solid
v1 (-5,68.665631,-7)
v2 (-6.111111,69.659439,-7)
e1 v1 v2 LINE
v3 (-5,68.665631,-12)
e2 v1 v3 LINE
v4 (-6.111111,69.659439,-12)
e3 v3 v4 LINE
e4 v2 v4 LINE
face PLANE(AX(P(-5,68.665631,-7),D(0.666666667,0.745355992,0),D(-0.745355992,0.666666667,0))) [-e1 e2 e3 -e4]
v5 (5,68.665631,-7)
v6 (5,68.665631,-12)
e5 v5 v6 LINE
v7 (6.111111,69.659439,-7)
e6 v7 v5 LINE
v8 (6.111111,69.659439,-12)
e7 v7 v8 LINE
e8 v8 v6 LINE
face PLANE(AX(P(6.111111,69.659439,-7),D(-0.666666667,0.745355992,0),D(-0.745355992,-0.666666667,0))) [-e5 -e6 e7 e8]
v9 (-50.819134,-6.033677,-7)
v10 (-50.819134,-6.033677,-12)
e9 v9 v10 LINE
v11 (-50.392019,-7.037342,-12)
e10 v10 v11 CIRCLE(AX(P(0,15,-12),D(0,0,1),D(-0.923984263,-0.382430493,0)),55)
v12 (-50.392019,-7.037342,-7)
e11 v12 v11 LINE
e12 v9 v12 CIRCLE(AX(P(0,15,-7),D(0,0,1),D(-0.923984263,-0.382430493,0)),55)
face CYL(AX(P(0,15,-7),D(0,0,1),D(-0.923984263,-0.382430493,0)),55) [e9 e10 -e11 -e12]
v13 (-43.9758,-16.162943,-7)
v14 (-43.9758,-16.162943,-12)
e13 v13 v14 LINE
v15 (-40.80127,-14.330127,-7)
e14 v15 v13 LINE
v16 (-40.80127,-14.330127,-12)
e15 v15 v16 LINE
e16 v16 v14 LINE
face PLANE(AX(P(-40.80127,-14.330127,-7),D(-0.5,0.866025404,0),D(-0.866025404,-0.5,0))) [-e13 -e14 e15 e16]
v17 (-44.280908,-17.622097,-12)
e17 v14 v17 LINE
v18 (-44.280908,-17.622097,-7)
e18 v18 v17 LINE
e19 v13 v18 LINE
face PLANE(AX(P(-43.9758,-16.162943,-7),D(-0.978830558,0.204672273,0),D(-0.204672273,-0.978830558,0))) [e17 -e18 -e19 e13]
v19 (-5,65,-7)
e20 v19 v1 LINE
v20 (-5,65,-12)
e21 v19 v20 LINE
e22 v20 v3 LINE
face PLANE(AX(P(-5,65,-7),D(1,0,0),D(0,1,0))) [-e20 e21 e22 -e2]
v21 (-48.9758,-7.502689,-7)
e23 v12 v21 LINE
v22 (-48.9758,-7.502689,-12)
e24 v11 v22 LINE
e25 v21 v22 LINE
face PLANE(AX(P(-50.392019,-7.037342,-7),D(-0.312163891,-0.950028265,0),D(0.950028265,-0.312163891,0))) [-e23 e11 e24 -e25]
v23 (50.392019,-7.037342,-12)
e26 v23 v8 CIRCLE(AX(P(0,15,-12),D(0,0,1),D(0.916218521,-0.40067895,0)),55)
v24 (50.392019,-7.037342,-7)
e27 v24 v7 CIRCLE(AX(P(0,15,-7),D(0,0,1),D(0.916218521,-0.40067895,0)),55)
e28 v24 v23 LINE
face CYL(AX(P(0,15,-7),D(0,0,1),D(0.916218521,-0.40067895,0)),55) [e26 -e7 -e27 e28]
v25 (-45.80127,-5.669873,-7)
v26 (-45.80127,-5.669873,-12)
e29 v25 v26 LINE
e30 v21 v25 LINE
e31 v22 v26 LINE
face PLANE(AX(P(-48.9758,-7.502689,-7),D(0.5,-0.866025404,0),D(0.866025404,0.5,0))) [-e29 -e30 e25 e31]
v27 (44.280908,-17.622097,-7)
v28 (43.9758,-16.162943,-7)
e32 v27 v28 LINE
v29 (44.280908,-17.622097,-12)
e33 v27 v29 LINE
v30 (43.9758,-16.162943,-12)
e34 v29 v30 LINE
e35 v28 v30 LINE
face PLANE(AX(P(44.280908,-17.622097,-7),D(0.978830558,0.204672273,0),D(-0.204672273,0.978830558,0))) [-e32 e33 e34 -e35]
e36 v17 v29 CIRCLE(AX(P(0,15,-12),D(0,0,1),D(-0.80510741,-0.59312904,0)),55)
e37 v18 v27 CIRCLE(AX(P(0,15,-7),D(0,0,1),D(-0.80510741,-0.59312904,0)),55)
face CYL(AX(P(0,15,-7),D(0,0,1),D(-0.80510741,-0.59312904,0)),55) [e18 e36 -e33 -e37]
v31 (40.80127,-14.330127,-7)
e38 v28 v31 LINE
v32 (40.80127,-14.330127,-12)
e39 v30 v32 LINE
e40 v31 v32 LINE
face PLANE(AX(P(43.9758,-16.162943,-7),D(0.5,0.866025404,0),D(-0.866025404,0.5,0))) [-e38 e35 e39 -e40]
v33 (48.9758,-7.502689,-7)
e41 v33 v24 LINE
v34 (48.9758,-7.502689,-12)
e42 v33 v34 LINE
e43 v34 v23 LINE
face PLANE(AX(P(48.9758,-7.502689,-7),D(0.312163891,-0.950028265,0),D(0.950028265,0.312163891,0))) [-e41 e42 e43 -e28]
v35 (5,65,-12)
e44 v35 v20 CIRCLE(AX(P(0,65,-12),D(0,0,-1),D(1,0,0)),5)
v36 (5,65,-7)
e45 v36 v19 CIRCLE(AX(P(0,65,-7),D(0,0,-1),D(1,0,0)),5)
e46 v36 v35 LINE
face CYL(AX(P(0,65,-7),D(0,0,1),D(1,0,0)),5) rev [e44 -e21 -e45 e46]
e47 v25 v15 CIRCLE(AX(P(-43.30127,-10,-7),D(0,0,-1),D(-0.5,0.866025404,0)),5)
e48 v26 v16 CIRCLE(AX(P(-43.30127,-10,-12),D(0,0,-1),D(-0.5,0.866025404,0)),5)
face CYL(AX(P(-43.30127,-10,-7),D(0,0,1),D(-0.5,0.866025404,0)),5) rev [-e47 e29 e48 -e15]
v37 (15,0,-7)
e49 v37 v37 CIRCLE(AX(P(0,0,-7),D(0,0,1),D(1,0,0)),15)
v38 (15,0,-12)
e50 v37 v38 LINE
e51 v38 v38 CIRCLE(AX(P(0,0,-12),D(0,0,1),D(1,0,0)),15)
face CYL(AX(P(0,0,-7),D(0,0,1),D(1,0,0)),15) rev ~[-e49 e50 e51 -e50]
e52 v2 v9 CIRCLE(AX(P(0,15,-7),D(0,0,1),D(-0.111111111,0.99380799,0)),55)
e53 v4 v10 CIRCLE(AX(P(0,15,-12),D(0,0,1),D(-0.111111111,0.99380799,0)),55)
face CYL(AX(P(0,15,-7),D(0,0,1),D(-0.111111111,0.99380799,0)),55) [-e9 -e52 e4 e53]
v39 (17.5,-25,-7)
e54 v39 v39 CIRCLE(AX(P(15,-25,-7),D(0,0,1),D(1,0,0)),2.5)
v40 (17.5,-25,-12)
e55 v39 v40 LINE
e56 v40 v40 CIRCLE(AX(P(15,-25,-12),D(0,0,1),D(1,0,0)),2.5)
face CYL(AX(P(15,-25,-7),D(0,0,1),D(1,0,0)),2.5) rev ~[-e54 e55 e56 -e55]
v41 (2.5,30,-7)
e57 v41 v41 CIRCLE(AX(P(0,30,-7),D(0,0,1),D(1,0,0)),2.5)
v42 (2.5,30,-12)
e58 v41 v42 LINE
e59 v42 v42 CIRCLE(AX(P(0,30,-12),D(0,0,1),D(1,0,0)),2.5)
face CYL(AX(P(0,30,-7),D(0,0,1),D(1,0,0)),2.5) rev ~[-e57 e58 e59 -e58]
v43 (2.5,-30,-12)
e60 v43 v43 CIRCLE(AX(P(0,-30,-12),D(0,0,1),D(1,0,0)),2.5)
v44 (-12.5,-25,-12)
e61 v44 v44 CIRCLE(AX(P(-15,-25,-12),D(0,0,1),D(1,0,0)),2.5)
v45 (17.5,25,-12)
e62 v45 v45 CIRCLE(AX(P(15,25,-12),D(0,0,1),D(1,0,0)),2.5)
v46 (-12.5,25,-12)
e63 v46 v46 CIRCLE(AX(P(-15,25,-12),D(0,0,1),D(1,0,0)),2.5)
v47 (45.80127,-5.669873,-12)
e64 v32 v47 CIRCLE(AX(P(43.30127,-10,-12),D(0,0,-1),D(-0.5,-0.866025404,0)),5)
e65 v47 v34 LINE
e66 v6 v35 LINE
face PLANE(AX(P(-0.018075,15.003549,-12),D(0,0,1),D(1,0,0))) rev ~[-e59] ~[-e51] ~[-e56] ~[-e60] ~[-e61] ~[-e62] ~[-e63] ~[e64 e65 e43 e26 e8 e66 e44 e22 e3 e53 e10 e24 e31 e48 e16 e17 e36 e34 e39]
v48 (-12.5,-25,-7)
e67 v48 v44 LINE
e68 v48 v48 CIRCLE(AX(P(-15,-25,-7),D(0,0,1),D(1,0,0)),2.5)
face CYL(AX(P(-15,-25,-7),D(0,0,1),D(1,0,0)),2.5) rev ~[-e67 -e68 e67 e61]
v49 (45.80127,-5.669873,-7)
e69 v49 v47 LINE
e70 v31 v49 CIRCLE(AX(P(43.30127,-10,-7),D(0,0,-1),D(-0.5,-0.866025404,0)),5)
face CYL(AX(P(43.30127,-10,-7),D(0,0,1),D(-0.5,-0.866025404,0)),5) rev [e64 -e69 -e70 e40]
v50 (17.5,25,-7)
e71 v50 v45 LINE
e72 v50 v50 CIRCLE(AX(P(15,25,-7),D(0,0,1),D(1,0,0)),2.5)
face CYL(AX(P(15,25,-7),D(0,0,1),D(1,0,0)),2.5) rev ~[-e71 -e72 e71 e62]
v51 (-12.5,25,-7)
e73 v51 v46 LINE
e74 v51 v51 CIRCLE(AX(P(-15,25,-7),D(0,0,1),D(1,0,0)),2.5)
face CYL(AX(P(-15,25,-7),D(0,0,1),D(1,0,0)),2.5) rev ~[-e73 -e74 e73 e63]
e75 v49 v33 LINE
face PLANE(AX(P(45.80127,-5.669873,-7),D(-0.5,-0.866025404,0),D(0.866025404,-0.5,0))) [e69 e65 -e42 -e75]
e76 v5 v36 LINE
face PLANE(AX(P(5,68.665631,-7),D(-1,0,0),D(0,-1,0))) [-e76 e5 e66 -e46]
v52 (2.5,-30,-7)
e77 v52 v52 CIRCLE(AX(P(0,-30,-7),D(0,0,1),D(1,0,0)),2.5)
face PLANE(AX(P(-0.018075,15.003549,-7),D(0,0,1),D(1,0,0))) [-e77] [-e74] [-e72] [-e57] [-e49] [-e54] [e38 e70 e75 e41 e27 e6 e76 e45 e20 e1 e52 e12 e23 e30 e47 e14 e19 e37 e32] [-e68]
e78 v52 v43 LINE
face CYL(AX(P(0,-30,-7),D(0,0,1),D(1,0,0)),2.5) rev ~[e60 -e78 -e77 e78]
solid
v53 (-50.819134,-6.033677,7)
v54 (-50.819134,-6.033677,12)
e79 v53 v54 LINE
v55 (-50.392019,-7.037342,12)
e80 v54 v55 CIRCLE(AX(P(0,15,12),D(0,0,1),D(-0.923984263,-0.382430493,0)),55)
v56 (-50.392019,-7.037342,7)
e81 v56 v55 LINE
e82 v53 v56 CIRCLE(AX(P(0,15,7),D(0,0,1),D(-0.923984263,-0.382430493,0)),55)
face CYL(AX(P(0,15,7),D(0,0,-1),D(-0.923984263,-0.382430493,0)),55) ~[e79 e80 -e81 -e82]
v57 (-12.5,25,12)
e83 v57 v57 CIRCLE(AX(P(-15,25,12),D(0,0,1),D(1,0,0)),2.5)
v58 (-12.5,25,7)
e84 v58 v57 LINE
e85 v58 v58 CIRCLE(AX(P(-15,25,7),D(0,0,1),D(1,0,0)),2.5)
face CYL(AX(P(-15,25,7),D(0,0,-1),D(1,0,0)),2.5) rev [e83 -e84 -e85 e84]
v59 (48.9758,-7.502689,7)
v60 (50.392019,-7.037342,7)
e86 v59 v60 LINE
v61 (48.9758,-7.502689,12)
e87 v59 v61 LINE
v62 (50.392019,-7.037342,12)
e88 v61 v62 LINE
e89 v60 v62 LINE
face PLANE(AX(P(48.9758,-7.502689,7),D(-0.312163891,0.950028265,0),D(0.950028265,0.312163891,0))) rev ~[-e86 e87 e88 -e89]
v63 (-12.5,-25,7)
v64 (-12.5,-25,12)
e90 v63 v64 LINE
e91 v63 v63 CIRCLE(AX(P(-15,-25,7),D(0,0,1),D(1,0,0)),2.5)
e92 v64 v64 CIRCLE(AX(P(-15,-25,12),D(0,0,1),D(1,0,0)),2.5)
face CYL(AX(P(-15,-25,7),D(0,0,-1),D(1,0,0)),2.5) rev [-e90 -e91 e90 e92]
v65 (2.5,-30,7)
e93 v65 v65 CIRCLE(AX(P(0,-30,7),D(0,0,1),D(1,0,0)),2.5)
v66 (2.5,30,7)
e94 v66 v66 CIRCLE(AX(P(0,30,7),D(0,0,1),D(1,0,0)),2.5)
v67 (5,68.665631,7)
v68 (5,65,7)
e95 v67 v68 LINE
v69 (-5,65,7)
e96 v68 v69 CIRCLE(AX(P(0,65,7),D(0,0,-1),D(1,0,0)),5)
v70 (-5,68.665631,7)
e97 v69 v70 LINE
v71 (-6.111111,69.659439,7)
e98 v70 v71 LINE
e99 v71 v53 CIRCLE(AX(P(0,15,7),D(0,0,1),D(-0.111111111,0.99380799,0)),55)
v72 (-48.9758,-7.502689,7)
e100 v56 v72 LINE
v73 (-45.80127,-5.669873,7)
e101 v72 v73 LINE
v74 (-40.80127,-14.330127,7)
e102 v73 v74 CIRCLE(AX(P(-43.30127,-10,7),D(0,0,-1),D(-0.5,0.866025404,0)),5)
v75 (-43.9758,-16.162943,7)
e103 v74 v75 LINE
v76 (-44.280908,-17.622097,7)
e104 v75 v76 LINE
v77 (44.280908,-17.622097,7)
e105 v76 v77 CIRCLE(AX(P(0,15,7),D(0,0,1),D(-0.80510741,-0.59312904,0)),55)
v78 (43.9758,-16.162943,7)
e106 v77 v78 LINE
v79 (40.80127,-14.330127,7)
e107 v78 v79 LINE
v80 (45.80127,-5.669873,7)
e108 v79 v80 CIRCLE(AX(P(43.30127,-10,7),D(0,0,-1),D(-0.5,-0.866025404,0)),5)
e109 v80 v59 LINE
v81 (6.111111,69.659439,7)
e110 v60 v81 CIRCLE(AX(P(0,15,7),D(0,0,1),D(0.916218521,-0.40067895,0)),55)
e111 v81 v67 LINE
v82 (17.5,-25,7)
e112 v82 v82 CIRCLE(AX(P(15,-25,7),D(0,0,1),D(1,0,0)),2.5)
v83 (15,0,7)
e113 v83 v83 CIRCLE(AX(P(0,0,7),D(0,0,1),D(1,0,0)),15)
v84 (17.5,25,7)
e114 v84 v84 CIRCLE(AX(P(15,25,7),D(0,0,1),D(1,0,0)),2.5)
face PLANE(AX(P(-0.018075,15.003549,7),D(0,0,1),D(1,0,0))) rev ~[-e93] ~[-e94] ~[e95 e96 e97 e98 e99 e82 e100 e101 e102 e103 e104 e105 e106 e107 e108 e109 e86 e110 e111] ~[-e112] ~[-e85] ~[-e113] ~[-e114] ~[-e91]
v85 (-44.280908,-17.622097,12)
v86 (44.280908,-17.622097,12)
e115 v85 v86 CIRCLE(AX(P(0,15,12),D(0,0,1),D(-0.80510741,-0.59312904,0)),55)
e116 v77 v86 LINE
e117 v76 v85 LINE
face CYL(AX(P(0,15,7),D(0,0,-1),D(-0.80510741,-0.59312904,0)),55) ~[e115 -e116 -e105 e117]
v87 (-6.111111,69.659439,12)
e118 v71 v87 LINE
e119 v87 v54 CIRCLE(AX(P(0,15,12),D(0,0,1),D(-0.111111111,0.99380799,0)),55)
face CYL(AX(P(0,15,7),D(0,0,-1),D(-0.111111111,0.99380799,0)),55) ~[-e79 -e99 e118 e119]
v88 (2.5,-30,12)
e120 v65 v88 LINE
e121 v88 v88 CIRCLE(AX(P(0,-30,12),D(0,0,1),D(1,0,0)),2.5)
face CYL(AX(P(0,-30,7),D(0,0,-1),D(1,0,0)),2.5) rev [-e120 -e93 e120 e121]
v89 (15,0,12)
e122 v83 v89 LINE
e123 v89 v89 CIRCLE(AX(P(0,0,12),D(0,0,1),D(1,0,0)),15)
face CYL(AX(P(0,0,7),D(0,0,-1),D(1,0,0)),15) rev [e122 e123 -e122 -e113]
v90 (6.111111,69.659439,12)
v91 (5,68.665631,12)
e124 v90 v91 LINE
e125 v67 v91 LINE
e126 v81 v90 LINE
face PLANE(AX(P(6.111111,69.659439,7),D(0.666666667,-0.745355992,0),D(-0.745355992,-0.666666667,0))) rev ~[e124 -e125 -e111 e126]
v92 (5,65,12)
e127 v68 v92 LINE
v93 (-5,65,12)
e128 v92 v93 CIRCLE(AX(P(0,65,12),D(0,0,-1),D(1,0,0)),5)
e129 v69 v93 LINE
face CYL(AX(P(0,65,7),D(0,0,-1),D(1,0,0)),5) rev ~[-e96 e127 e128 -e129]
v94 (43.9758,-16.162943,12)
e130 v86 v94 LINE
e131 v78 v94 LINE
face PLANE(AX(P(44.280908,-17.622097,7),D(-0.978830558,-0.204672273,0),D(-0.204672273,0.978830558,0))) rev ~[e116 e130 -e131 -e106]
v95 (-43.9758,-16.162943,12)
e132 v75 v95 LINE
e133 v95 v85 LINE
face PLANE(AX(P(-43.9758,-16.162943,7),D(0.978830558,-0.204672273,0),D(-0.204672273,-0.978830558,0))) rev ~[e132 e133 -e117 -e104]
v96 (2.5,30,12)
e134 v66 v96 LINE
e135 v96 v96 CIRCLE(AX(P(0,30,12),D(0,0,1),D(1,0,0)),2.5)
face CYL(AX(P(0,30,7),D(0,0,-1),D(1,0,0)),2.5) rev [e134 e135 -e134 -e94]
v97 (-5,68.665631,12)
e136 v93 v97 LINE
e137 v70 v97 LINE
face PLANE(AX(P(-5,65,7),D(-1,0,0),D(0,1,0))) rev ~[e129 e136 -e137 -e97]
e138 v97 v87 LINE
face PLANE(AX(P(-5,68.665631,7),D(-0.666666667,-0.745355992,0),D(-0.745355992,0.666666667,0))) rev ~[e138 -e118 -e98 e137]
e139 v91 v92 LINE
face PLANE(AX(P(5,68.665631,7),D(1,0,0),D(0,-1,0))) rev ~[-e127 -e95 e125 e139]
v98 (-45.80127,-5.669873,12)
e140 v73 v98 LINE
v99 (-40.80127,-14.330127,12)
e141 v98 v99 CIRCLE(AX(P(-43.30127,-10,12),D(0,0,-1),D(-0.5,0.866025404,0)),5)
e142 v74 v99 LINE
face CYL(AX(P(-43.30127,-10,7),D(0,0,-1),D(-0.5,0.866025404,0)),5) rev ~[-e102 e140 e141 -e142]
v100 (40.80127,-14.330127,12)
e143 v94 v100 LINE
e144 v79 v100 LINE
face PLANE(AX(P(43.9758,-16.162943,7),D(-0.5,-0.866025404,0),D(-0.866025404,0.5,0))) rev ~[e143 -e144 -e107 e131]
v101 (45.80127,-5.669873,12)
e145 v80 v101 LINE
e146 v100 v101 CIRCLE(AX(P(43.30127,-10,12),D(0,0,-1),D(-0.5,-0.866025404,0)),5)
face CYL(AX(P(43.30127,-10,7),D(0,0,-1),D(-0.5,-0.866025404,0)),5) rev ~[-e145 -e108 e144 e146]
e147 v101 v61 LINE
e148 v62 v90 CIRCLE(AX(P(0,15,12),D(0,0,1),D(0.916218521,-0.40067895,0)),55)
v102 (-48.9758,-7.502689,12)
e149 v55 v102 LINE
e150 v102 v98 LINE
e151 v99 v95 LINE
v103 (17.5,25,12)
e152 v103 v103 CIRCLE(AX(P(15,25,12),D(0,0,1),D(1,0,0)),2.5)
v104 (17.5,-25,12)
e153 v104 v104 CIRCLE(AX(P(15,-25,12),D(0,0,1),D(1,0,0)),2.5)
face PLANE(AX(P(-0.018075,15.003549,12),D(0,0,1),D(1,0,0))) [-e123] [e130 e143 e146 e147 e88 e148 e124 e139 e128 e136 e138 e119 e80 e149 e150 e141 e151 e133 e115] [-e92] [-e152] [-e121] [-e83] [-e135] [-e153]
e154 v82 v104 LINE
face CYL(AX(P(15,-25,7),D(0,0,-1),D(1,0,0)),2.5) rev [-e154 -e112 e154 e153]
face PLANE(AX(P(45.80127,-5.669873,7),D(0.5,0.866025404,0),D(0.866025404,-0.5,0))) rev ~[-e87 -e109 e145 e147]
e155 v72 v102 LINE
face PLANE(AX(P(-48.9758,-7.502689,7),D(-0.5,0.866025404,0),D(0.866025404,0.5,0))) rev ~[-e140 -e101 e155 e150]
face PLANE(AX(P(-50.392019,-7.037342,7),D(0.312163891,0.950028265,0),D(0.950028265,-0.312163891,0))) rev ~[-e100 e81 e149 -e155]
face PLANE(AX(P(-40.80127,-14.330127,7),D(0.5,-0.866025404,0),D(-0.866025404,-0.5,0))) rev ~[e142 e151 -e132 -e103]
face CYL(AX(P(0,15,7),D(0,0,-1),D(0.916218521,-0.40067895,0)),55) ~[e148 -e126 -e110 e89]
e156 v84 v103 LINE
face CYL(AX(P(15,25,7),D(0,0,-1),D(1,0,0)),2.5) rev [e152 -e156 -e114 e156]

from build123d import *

# Parameters (mm, degrees)
F1_START = 7
F0_R     = 2.5
F0_R_2   = 15
F1_DEPTH = 5
F2_START = -7
F2_DEPTH = 5


with BuildPart() as f1:
    # F0 (on Top) → F1 (new body)
    with BuildSketch(Plane.XY.offset(F1_START)):
        with BuildLine():
            Line((48.9758001545, -7.5026887111), (50.3920186759, -7.0373422574))
            ThreePointArc((50.3920186759, -7.0373422574), (47.6313972081, 42.5), (6.1111111111, 69.65943945))
            Line((6.1111111111, 69.65943945), (5, 68.66563146))
            Line((5, 68.66563146), (5, 65))
            ThreePointArc((5, 65), (0, 60), (-5, 65))
            Line((-5, 65), (-5, 68.66563146))
            Line((-5, 68.66563146), (-6.1111111111, 69.65943945))
            ThreePointArc((-6.1111111111, 69.65943945), (-47.3563637716, 42.9709637004), (-50.8191344463, -6.0336771423))
            ThreePointArc((-50.8191344463, -6.0336771423), (-50.6080647229, -6.5365685522), (-50.3920186759, -7.0373422574))
            Line((-50.3920186759, -7.0373422574), (-48.9758001545, -7.5026887111))
            Line((-48.9758001545, -7.5026887111), (-45.8012701892, -5.6698729811))
            ThreePointArc((-45.8012701892, -5.6698729811), (-38.9711431703, -7.5), (-40.8012701892, -14.3301270189))
            Line((-40.8012701892, -14.3301270189), (-43.9758001545, -16.1629427489))
            Line((-43.9758001545, -16.1629427489), (-44.2809075648, -17.6220971926))
            ThreePointArc((-44.2809075648, -17.6220971926), (0, -40), (44.2809075648, -17.6220971926))
            Line((44.2809075648, -17.6220971926), (43.9758001545, -16.1629427489))
            Line((43.9758001545, -16.1629427489), (40.8012701892, -14.3301270189))
            ThreePointArc((40.8012701892, -14.3301270189), (38.9711431703, -7.5), (45.8012701892, -5.6698729811))
            Line((45.8012701892, -5.6698729811), (48.9758001545, -7.5026887111))
        make_face()
        with Locations((0, -30)):
            Circle(F0_R, mode=Mode.SUBTRACT)
        with Locations((-15, -25)):
            Circle(F0_R, mode=Mode.SUBTRACT)
        Circle(F0_R_2, mode=Mode.SUBTRACT)
        with Locations((15, -25)):
            Circle(F0_R, mode=Mode.SUBTRACT)
        with Locations((-15, 25)):
            Circle(F0_R, mode=Mode.SUBTRACT)
        with Locations((0, 30)):
            Circle(F0_R, mode=Mode.SUBTRACT)
        with Locations((15, 25)):
            Circle(F0_R, mode=Mode.SUBTRACT)
    extrude(amount=F1_DEPTH)


with BuildPart() as f2:
    # F0 (on Top) → F2 (new body)
    with BuildSketch(Plane.XY.offset(F2_START)):
        with BuildLine():
            Line((48.9758001545, -7.5026887111), (50.3920186759, -7.0373422574))
            ThreePointArc((50.3920186759, -7.0373422574), (47.6313972081, 42.5), (6.1111111111, 69.65943945))
            Line((6.1111111111, 69.65943945), (5, 68.66563146))
            Line((5, 68.66563146), (5, 65))
            ThreePointArc((5, 65), (0, 60), (-5, 65))
            Line((-5, 65), (-5, 68.66563146))
            Line((-5, 68.66563146), (-6.1111111111, 69.65943945))
            ThreePointArc((-6.1111111111, 69.65943945), (-47.3563637716, 42.9709637004), (-50.8191344463, -6.0336771423))
            ThreePointArc((-50.8191344463, -6.0336771423), (-50.6080647229, -6.5365685522), (-50.3920186759, -7.0373422574))
            Line((-50.3920186759, -7.0373422574), (-48.9758001545, -7.5026887111))
            Line((-48.9758001545, -7.5026887111), (-45.8012701892, -5.6698729811))
            ThreePointArc((-45.8012701892, -5.6698729811), (-38.9711431703, -7.5), (-40.8012701892, -14.3301270189))
            Line((-40.8012701892, -14.3301270189), (-43.9758001545, -16.1629427489))
            Line((-43.9758001545, -16.1629427489), (-44.2809075648, -17.6220971926))
            ThreePointArc((-44.2809075648, -17.6220971926), (0, -40), (44.2809075648, -17.6220971926))
            Line((44.2809075648, -17.6220971926), (43.9758001545, -16.1629427489))
            Line((43.9758001545, -16.1629427489), (40.8012701892, -14.3301270189))
            ThreePointArc((40.8012701892, -14.3301270189), (38.9711431703, -7.5), (45.8012701892, -5.6698729811))
            Line((45.8012701892, -5.6698729811), (48.9758001545, -7.5026887111))
        make_face()
        with Locations((0, -30)):
            Circle(F0_R, mode=Mode.SUBTRACT)
        with Locations((-15, -25)):
            Circle(F0_R, mode=Mode.SUBTRACT)
        Circle(F0_R_2, mode=Mode.SUBTRACT)
        with Locations((15, -25)):
            Circle(F0_R, mode=Mode.SUBTRACT)
        with Locations((-15, 25)):
            Circle(F0_R, mode=Mode.SUBTRACT)
        with Locations((0, 30)):
            Circle(F0_R, mode=Mode.SUBTRACT)
        with Locations((15, 25)):
            Circle(F0_R, mode=Mode.SUBTRACT)
    extrude(amount=-F2_DEPTH)


solid = Compound([f1.part, f2.part])
